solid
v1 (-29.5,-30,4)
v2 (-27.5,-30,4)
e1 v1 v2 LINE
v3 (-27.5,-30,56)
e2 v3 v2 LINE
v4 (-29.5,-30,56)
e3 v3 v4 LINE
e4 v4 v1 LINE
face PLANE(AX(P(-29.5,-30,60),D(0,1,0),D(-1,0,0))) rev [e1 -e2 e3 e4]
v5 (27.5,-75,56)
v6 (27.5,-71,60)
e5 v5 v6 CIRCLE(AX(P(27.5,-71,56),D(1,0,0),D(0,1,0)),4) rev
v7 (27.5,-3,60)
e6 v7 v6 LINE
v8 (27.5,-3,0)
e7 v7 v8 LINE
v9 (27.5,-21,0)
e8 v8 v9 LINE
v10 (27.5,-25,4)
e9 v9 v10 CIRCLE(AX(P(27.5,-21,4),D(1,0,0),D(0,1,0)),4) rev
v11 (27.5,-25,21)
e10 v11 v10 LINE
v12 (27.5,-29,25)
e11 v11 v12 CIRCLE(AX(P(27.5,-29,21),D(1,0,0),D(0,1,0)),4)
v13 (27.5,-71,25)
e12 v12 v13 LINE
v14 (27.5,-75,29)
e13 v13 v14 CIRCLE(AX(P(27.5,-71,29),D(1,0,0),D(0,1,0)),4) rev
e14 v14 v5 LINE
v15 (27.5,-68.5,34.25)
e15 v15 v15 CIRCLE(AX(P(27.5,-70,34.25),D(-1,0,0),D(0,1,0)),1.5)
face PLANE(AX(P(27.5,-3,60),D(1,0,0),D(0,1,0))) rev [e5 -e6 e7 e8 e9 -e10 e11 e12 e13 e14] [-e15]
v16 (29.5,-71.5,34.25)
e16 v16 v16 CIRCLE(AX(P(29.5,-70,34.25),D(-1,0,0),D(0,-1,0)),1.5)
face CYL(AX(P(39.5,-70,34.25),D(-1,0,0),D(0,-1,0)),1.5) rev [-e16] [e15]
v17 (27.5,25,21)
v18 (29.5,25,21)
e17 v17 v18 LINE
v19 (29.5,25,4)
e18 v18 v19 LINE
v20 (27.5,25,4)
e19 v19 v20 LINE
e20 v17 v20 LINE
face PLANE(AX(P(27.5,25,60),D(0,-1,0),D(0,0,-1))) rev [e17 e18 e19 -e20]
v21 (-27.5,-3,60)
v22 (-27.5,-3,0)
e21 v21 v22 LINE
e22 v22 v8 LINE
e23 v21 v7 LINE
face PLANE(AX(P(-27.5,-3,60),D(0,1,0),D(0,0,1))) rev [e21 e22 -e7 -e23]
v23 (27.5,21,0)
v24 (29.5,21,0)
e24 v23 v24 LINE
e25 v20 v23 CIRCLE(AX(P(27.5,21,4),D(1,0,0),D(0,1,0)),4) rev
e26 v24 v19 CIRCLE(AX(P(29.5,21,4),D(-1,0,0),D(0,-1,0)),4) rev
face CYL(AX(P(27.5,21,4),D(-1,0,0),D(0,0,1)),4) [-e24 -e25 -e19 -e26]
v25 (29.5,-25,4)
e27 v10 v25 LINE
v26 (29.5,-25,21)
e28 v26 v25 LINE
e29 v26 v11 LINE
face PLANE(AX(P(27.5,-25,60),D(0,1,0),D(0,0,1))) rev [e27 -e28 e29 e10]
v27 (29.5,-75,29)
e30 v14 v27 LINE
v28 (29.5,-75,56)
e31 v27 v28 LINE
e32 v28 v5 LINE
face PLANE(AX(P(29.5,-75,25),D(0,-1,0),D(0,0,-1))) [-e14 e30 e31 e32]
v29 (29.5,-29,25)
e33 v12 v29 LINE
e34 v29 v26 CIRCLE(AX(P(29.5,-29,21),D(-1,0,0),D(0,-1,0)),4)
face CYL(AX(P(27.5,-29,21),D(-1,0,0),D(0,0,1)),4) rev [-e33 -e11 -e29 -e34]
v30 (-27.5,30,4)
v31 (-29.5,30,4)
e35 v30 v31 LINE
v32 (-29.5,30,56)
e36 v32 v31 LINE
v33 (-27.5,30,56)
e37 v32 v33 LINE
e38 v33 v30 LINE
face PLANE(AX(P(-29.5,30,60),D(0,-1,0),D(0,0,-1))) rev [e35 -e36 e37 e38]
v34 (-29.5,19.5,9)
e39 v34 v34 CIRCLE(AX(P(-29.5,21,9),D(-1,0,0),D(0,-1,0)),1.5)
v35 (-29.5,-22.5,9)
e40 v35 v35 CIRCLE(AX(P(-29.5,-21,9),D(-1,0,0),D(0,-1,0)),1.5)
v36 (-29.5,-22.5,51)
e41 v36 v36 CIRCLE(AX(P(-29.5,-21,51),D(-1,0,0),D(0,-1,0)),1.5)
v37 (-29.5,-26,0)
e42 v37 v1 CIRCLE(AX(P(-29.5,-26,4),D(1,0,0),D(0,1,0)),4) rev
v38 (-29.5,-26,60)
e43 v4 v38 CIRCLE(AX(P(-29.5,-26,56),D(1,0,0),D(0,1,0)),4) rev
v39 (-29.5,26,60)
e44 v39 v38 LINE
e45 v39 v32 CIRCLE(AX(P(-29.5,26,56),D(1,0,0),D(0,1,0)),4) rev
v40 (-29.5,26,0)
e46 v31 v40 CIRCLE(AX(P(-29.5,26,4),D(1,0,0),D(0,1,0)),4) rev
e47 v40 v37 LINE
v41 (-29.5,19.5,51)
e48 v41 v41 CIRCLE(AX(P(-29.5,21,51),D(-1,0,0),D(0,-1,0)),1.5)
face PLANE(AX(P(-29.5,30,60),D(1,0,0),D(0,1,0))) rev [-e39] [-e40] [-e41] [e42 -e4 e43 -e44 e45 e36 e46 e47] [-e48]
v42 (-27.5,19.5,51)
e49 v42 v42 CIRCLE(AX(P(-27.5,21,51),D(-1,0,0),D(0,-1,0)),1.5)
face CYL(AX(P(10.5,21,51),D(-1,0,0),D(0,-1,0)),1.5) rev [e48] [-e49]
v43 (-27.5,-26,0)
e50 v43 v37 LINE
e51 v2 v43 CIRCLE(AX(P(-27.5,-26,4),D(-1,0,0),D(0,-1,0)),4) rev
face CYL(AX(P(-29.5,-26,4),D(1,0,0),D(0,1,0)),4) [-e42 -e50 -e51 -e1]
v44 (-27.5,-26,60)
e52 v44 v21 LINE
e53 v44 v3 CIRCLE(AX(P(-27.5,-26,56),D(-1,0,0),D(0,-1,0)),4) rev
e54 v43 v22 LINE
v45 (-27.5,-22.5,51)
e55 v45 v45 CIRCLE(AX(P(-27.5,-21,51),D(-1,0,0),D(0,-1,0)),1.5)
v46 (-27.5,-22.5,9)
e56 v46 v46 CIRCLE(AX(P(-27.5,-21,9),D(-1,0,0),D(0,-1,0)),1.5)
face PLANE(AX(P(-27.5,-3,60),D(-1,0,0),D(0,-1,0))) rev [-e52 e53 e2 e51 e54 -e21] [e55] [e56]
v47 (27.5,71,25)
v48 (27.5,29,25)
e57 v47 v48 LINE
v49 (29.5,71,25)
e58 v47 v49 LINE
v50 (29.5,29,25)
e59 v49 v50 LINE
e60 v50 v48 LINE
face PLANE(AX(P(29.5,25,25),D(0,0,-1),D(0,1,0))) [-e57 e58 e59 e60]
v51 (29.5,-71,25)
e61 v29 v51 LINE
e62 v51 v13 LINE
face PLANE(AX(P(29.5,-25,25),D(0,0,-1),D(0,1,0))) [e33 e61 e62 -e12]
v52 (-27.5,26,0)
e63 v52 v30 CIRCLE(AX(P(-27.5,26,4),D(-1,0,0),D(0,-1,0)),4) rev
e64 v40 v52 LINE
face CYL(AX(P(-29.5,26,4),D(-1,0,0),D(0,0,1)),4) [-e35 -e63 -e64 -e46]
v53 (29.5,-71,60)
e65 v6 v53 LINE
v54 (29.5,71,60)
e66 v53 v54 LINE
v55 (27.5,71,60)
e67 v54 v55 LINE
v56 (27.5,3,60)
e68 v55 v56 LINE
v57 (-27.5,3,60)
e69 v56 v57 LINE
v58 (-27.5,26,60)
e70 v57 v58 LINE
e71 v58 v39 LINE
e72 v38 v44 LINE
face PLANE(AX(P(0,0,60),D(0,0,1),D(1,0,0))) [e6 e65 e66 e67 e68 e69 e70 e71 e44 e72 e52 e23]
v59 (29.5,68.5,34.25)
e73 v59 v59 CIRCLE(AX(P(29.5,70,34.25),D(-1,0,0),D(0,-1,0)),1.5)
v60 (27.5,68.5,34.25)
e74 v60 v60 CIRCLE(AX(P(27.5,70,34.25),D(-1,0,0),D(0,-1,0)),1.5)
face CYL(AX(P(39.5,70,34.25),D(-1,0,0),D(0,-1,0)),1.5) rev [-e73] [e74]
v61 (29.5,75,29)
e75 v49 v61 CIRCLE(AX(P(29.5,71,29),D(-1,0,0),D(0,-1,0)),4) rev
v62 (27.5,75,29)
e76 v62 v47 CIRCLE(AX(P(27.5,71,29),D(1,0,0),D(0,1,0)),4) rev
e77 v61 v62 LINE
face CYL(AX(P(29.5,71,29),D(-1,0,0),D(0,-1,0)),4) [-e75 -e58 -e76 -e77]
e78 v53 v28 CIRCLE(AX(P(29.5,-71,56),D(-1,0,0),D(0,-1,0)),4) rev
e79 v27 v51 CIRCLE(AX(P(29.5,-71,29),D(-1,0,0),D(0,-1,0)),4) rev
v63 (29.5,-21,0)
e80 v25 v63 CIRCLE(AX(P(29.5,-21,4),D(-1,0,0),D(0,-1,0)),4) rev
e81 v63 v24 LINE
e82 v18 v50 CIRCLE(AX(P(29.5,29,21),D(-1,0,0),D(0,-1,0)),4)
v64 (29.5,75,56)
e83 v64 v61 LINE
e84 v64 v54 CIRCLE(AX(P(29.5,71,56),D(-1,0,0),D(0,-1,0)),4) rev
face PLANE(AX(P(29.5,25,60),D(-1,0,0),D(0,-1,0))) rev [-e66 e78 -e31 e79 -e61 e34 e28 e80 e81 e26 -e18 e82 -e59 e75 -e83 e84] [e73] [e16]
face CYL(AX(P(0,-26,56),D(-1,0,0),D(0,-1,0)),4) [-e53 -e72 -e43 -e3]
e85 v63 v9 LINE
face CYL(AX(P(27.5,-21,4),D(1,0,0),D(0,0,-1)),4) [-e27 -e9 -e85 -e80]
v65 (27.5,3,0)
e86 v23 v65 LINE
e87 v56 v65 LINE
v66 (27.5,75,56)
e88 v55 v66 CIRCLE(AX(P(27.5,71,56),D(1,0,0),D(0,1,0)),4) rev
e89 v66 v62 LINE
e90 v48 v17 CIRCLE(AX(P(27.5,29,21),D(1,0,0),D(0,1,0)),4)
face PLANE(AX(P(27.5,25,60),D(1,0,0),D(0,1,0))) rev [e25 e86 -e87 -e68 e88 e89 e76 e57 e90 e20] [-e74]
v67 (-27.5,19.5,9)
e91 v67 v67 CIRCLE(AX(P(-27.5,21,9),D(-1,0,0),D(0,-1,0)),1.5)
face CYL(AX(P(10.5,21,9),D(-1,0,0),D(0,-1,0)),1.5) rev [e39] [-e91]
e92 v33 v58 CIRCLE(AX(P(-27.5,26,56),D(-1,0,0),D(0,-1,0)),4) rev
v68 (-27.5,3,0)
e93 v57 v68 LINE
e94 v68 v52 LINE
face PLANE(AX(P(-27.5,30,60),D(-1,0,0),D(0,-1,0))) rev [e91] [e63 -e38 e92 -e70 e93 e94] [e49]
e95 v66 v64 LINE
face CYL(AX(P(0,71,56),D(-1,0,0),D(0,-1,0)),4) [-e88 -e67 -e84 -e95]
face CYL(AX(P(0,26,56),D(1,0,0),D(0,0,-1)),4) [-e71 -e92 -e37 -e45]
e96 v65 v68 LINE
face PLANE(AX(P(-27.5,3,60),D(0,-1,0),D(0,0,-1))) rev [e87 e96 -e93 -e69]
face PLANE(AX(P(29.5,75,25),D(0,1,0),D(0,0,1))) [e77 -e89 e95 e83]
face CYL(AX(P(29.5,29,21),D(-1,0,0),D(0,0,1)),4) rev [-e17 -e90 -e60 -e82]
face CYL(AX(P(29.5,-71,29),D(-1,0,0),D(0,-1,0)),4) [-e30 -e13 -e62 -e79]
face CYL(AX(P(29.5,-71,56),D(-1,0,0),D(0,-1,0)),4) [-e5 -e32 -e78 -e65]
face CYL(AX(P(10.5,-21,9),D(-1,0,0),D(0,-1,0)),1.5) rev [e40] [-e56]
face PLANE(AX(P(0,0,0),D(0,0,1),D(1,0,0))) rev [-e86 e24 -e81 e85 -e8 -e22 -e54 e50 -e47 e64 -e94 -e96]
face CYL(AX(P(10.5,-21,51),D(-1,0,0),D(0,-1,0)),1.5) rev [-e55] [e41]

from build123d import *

# Parameters (mm, degrees)
EXTRUDE_2_DEPTH     = 60
SKETCH_3_R          = 1.5
CUT_EXTRUDE_1_DEPTH = 40
SKETCH_7_W          = 35
SKETCH_7_H          = 50
EXTRUDE_4_DEPTH     = 2
SKETCH_8_R          = 1.5
CUT_EXTRUDE_3_DEPTH = 12
FILLET_1_R          = 4


with BuildPart() as part:
    # 草图1 → 凸台-拉伸2 (new body)
    with BuildSketch(Plane.XY):
        Polygon((-29.5, 30), (-27.5, 30), (-27.5, 3), (27.5, 3), (27.5, 25), (29.5, 25), (29.5, -25), (27.5, -25), (27.5, -3), (-27.5, -3), (-27.5, -30), (-29.5, -30), align=None)
    extrude(amount=EXTRUDE_2_DEPTH)

    # 草图3 → 切除-拉伸1 (cut)
    with BuildSketch(Plane.ZY.offset(29.5)):
        with Locations(Location((51, 21, 0), (0, 0, 270))):
            Circle(SKETCH_3_R)
        with Locations(Location((51, -21, 0), (0, 0, 270))):
            Circle(SKETCH_3_R)
        with Locations(Location((9, 21, 0), (0, 0, 270))):
            Circle(SKETCH_3_R)
        with Locations(Location((9, -21, 0), (0, 0, 270))):
            Circle(SKETCH_3_R)
    extrude(amount=-CUT_EXTRUDE_1_DEPTH, mode=Mode.SUBTRACT)

    # 草图7 → 凸台-拉伸4 (add)
    with BuildSketch(Plane.ZY.offset(-27.5)):
        with Locations((42.5, 50)):
            Rectangle(SKETCH_7_W, SKETCH_7_H)
        with Locations((42.5, -50)):
            Rectangle(SKETCH_7_W, SKETCH_7_H)
    extrude(amount=-EXTRUDE_4_DEPTH)

    # 草图8 → 切除-拉伸3 (cut)
    with BuildSketch(Plane.ZY.offset(-27.5)):
        with Locations(Location((34.25, 70, 0), (0, 0, 270))):
            Circle(SKETCH_8_R)
        with Locations(Location((34.25, -70, 0), (0, 0, 270))):
            Circle(SKETCH_8_R)
    extrude(amount=-CUT_EXTRUDE_3_DEPTH, mode=Mode.SUBTRACT)

    # 圆角1
    fillet_1_edges = [part.edges().sort_by_distance(p)[0] for p in [
        (-28.5, 30, 0),
        (28.5, 25, 0),
        (28.5, -25, 0),
        (-28.5, -30, 0),
        (-28.5, 30, 60),
        (28.5, 25, 25),
        (28.5, 75, 25),
        (28.5, 75, 60),
        (28.5, -25, 25),
        (28.5, -75, 60),
        (28.5, -75, 25),
        (-28.5, -30, 60),
    ]]
    fillet(fillet_1_edges, radius=FILLET_1_R)


solid = part.part
